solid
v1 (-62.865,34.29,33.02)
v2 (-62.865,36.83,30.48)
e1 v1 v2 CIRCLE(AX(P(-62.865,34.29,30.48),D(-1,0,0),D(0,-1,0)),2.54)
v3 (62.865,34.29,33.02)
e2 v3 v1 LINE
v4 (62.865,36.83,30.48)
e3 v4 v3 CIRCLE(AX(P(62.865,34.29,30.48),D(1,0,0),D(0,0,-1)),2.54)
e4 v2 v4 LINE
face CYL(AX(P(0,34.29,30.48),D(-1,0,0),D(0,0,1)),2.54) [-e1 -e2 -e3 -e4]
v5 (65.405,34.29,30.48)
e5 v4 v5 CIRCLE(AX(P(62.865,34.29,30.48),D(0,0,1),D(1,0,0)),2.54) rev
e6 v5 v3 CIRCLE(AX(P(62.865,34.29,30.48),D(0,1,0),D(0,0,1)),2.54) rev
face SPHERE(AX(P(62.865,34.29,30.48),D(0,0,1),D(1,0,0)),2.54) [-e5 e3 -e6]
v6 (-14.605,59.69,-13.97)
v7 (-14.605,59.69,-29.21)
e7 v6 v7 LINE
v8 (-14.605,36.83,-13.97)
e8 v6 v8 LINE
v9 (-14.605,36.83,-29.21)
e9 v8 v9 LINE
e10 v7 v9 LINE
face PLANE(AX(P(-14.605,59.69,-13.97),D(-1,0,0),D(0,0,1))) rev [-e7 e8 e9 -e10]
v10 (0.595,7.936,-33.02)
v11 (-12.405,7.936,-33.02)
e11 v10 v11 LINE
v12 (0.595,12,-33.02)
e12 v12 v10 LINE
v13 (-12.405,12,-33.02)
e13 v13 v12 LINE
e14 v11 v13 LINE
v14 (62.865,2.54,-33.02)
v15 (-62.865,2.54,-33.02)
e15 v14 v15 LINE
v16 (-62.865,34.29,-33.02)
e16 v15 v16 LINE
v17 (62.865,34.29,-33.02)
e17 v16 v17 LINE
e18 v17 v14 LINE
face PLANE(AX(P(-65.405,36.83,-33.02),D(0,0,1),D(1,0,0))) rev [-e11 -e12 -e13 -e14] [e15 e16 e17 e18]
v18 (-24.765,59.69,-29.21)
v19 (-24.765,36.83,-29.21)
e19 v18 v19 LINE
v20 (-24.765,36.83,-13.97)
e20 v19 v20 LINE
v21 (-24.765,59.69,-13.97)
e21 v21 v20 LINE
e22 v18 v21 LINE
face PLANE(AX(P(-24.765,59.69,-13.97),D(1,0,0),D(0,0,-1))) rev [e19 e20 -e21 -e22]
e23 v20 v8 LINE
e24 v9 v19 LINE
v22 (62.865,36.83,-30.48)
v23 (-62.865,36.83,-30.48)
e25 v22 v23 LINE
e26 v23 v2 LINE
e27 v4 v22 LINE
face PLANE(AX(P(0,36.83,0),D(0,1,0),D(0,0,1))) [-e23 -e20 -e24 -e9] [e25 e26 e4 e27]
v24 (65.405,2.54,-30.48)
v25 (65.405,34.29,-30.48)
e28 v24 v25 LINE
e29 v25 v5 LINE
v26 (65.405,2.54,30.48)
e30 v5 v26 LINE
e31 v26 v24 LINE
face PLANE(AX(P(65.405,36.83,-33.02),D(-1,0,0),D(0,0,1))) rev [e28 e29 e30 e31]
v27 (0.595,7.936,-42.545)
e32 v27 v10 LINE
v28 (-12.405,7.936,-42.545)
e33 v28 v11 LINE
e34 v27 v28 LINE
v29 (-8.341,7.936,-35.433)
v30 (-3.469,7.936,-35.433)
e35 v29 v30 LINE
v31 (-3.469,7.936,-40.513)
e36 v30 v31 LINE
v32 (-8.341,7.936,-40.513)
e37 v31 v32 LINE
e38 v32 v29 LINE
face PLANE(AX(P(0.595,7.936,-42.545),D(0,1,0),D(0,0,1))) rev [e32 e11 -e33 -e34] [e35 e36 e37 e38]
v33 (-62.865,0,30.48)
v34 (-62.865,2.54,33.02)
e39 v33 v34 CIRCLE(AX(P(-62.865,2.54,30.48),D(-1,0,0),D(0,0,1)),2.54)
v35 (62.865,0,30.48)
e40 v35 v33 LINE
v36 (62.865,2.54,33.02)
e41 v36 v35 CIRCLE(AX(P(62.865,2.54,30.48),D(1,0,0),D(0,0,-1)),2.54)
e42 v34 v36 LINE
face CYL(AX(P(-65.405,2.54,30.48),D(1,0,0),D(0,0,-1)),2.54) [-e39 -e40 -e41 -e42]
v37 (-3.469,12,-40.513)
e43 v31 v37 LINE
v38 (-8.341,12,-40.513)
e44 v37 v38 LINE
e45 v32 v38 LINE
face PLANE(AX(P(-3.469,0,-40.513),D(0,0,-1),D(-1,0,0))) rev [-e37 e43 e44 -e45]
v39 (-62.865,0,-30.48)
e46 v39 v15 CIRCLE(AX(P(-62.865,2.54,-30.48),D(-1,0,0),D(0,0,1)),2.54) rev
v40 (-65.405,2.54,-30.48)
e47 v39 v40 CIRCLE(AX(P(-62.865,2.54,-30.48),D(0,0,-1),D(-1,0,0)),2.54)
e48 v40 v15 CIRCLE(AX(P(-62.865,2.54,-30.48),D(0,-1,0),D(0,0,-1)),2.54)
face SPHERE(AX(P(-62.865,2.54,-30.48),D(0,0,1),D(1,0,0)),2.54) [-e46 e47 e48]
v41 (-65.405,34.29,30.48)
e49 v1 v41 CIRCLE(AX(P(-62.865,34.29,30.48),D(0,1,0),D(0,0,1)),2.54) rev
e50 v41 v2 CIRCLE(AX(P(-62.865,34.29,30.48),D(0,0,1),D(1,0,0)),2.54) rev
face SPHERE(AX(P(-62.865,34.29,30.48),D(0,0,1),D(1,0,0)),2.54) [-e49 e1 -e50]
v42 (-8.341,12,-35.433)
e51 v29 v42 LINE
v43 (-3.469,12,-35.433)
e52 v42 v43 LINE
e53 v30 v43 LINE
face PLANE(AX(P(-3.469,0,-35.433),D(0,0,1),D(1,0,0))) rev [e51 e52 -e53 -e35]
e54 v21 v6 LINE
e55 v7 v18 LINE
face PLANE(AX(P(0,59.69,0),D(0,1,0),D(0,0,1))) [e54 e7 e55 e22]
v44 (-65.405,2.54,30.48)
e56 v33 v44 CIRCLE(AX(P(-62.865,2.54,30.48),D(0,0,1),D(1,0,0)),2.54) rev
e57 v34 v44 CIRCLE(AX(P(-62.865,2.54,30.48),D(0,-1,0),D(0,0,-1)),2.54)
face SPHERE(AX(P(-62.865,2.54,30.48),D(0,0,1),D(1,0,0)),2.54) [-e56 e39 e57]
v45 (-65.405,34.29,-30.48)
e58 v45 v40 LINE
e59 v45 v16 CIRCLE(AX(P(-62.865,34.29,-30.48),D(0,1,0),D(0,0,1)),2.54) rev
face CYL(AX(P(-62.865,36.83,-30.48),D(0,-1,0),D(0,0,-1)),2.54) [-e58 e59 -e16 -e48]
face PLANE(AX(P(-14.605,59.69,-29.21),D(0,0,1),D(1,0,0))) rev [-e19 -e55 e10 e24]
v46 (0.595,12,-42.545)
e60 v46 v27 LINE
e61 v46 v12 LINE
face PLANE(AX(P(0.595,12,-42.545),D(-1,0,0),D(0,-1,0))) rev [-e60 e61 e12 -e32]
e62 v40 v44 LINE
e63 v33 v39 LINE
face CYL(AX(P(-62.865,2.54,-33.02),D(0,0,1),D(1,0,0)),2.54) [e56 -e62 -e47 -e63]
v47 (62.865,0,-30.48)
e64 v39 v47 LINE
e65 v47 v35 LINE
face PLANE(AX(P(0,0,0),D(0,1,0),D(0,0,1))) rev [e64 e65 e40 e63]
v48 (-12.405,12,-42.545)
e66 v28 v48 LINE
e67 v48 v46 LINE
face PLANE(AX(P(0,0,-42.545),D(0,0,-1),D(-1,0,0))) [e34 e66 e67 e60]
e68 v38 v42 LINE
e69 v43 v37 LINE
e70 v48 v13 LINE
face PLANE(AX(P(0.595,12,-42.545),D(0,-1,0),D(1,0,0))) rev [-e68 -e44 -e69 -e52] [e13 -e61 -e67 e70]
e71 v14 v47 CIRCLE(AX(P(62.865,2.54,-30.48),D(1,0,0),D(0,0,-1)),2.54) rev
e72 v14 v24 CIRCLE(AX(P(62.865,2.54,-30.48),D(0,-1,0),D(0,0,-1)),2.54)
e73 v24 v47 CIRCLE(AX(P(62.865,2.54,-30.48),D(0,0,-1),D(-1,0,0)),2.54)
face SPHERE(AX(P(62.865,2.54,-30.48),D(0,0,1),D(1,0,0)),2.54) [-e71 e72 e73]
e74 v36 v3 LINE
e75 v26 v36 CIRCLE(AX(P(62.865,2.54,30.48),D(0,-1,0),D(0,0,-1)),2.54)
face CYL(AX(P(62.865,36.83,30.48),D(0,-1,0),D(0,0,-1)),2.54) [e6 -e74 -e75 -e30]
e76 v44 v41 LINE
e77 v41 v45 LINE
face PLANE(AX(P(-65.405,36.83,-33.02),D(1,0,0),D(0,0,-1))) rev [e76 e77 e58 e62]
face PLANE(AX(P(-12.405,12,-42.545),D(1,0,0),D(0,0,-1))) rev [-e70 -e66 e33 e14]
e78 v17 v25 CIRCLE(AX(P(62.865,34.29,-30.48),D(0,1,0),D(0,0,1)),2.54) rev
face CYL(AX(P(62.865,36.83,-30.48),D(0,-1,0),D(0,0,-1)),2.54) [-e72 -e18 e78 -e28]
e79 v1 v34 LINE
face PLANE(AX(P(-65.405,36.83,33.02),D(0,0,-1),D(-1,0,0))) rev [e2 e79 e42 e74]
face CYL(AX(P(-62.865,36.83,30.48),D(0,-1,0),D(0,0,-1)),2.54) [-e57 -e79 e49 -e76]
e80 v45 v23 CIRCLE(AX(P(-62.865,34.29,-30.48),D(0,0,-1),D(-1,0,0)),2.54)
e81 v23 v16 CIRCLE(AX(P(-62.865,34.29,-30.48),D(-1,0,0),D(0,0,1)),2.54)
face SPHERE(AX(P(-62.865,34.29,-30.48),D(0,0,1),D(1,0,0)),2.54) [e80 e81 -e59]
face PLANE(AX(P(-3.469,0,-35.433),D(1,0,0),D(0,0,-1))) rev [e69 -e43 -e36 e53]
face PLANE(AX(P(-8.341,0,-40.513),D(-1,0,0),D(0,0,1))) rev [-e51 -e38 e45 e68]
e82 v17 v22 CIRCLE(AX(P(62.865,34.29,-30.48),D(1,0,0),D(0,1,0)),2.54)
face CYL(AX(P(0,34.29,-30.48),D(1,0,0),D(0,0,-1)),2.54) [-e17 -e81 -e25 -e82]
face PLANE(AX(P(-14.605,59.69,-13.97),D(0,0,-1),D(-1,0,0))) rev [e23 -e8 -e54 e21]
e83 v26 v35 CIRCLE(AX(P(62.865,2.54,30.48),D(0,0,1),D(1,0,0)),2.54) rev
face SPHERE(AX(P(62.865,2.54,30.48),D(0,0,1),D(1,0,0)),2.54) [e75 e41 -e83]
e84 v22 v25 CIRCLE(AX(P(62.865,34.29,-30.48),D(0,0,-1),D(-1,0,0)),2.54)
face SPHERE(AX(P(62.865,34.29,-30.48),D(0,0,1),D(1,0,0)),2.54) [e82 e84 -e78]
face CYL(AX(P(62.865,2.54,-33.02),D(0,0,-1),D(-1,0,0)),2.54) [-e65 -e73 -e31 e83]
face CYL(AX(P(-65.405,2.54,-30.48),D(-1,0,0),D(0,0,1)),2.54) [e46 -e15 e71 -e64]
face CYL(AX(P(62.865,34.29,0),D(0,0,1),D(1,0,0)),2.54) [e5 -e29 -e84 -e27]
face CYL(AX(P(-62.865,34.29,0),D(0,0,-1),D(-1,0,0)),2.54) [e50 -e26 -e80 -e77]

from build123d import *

# Parameters (mm, degrees)
SKETCH1_W           = 130.81
SKETCH1_H           = 66.04
BOSS_EXTRUDE1_DEPTH = 36.83
FILLET1_R           = 2.54
SKETCH2_W           = 10.16
SKETCH2_H           = 15.24
BOSS_EXTRUDE2_DEPTH = 22.86
SKETCH3_W           = 13
SKETCH3_H           = 4.064
BOSS_EXTRUDE3_DEPTH = 9.525
SKETCH4_W           = 4.872
SKETCH4_H           = 5.08
CUT_EXTRUDE1_DEPTH  = 92.445213926


with BuildPart() as part:
    # Sketch1 → Boss-Extrude1 (new body)
    with BuildSketch(Plane(origin=(0, 0, 0), x_dir=(1, 0, 0), z_dir=(0, 1, 0))):
        Rectangle(SKETCH1_W, SKETCH1_H)
    extrude(amount=BOSS_EXTRUDE1_DEPTH)

    # Fillet1
    fillet1_edges = [part.edges().sort_by_distance(p)[0] for p in [
        (65.405, 36.83, 0),
        (0, 36.83, -33.02),
        (-65.405, 36.83, 0),
        (0, 0, -33.02),
        (65.405, 0, 0),
        (0, 0, 33.02),
        (-65.405, 0, 0),
        (0, 36.83, 33.02),
        (-65.405, 18.415, -33.02),
        (65.405, 18.415, -33.02),
        (65.405, 18.415, 33.02),
        (-65.405, 18.415, 33.02),
    ]]
    fillet(fillet1_edges, radius=FILLET1_R)

    # Sketch2 → Boss-Extrude2 (add)
    with BuildSketch(Plane(origin=(0, 36.83, 0), x_dir=(1, 0, 0), z_dir=(0, 1, 0))):
        with Locations((-19.685, 21.59)):
            Rectangle(SKETCH2_W, SKETCH2_H)
    extrude(amount=BOSS_EXTRUDE2_DEPTH)

    # Sketch3 → Boss-Extrude3 (add)
    with BuildSketch(Plane(origin=(0, 0, -33.02), x_dir=(-1, 0, 0), z_dir=(0, 0, -1))):
        with Locations((5.905, 9.968)):
            Rectangle(SKETCH3_W, SKETCH3_H)
    extrude(amount=BOSS_EXTRUDE3_DEPTH)

    # Sketch4 → Cut-Extrude1 (cut, through all)
    with BuildSketch(Plane(origin=(0, 12, 0), x_dir=(1, 0, 0), z_dir=(0, 1, 0))):
        with Locations((-5.905, 37.973)):
            Rectangle(SKETCH4_W, SKETCH4_H)
    extrude(amount=-CUT_EXTRUDE1_DEPTH, mode=Mode.SUBTRACT)


solid = part.part
